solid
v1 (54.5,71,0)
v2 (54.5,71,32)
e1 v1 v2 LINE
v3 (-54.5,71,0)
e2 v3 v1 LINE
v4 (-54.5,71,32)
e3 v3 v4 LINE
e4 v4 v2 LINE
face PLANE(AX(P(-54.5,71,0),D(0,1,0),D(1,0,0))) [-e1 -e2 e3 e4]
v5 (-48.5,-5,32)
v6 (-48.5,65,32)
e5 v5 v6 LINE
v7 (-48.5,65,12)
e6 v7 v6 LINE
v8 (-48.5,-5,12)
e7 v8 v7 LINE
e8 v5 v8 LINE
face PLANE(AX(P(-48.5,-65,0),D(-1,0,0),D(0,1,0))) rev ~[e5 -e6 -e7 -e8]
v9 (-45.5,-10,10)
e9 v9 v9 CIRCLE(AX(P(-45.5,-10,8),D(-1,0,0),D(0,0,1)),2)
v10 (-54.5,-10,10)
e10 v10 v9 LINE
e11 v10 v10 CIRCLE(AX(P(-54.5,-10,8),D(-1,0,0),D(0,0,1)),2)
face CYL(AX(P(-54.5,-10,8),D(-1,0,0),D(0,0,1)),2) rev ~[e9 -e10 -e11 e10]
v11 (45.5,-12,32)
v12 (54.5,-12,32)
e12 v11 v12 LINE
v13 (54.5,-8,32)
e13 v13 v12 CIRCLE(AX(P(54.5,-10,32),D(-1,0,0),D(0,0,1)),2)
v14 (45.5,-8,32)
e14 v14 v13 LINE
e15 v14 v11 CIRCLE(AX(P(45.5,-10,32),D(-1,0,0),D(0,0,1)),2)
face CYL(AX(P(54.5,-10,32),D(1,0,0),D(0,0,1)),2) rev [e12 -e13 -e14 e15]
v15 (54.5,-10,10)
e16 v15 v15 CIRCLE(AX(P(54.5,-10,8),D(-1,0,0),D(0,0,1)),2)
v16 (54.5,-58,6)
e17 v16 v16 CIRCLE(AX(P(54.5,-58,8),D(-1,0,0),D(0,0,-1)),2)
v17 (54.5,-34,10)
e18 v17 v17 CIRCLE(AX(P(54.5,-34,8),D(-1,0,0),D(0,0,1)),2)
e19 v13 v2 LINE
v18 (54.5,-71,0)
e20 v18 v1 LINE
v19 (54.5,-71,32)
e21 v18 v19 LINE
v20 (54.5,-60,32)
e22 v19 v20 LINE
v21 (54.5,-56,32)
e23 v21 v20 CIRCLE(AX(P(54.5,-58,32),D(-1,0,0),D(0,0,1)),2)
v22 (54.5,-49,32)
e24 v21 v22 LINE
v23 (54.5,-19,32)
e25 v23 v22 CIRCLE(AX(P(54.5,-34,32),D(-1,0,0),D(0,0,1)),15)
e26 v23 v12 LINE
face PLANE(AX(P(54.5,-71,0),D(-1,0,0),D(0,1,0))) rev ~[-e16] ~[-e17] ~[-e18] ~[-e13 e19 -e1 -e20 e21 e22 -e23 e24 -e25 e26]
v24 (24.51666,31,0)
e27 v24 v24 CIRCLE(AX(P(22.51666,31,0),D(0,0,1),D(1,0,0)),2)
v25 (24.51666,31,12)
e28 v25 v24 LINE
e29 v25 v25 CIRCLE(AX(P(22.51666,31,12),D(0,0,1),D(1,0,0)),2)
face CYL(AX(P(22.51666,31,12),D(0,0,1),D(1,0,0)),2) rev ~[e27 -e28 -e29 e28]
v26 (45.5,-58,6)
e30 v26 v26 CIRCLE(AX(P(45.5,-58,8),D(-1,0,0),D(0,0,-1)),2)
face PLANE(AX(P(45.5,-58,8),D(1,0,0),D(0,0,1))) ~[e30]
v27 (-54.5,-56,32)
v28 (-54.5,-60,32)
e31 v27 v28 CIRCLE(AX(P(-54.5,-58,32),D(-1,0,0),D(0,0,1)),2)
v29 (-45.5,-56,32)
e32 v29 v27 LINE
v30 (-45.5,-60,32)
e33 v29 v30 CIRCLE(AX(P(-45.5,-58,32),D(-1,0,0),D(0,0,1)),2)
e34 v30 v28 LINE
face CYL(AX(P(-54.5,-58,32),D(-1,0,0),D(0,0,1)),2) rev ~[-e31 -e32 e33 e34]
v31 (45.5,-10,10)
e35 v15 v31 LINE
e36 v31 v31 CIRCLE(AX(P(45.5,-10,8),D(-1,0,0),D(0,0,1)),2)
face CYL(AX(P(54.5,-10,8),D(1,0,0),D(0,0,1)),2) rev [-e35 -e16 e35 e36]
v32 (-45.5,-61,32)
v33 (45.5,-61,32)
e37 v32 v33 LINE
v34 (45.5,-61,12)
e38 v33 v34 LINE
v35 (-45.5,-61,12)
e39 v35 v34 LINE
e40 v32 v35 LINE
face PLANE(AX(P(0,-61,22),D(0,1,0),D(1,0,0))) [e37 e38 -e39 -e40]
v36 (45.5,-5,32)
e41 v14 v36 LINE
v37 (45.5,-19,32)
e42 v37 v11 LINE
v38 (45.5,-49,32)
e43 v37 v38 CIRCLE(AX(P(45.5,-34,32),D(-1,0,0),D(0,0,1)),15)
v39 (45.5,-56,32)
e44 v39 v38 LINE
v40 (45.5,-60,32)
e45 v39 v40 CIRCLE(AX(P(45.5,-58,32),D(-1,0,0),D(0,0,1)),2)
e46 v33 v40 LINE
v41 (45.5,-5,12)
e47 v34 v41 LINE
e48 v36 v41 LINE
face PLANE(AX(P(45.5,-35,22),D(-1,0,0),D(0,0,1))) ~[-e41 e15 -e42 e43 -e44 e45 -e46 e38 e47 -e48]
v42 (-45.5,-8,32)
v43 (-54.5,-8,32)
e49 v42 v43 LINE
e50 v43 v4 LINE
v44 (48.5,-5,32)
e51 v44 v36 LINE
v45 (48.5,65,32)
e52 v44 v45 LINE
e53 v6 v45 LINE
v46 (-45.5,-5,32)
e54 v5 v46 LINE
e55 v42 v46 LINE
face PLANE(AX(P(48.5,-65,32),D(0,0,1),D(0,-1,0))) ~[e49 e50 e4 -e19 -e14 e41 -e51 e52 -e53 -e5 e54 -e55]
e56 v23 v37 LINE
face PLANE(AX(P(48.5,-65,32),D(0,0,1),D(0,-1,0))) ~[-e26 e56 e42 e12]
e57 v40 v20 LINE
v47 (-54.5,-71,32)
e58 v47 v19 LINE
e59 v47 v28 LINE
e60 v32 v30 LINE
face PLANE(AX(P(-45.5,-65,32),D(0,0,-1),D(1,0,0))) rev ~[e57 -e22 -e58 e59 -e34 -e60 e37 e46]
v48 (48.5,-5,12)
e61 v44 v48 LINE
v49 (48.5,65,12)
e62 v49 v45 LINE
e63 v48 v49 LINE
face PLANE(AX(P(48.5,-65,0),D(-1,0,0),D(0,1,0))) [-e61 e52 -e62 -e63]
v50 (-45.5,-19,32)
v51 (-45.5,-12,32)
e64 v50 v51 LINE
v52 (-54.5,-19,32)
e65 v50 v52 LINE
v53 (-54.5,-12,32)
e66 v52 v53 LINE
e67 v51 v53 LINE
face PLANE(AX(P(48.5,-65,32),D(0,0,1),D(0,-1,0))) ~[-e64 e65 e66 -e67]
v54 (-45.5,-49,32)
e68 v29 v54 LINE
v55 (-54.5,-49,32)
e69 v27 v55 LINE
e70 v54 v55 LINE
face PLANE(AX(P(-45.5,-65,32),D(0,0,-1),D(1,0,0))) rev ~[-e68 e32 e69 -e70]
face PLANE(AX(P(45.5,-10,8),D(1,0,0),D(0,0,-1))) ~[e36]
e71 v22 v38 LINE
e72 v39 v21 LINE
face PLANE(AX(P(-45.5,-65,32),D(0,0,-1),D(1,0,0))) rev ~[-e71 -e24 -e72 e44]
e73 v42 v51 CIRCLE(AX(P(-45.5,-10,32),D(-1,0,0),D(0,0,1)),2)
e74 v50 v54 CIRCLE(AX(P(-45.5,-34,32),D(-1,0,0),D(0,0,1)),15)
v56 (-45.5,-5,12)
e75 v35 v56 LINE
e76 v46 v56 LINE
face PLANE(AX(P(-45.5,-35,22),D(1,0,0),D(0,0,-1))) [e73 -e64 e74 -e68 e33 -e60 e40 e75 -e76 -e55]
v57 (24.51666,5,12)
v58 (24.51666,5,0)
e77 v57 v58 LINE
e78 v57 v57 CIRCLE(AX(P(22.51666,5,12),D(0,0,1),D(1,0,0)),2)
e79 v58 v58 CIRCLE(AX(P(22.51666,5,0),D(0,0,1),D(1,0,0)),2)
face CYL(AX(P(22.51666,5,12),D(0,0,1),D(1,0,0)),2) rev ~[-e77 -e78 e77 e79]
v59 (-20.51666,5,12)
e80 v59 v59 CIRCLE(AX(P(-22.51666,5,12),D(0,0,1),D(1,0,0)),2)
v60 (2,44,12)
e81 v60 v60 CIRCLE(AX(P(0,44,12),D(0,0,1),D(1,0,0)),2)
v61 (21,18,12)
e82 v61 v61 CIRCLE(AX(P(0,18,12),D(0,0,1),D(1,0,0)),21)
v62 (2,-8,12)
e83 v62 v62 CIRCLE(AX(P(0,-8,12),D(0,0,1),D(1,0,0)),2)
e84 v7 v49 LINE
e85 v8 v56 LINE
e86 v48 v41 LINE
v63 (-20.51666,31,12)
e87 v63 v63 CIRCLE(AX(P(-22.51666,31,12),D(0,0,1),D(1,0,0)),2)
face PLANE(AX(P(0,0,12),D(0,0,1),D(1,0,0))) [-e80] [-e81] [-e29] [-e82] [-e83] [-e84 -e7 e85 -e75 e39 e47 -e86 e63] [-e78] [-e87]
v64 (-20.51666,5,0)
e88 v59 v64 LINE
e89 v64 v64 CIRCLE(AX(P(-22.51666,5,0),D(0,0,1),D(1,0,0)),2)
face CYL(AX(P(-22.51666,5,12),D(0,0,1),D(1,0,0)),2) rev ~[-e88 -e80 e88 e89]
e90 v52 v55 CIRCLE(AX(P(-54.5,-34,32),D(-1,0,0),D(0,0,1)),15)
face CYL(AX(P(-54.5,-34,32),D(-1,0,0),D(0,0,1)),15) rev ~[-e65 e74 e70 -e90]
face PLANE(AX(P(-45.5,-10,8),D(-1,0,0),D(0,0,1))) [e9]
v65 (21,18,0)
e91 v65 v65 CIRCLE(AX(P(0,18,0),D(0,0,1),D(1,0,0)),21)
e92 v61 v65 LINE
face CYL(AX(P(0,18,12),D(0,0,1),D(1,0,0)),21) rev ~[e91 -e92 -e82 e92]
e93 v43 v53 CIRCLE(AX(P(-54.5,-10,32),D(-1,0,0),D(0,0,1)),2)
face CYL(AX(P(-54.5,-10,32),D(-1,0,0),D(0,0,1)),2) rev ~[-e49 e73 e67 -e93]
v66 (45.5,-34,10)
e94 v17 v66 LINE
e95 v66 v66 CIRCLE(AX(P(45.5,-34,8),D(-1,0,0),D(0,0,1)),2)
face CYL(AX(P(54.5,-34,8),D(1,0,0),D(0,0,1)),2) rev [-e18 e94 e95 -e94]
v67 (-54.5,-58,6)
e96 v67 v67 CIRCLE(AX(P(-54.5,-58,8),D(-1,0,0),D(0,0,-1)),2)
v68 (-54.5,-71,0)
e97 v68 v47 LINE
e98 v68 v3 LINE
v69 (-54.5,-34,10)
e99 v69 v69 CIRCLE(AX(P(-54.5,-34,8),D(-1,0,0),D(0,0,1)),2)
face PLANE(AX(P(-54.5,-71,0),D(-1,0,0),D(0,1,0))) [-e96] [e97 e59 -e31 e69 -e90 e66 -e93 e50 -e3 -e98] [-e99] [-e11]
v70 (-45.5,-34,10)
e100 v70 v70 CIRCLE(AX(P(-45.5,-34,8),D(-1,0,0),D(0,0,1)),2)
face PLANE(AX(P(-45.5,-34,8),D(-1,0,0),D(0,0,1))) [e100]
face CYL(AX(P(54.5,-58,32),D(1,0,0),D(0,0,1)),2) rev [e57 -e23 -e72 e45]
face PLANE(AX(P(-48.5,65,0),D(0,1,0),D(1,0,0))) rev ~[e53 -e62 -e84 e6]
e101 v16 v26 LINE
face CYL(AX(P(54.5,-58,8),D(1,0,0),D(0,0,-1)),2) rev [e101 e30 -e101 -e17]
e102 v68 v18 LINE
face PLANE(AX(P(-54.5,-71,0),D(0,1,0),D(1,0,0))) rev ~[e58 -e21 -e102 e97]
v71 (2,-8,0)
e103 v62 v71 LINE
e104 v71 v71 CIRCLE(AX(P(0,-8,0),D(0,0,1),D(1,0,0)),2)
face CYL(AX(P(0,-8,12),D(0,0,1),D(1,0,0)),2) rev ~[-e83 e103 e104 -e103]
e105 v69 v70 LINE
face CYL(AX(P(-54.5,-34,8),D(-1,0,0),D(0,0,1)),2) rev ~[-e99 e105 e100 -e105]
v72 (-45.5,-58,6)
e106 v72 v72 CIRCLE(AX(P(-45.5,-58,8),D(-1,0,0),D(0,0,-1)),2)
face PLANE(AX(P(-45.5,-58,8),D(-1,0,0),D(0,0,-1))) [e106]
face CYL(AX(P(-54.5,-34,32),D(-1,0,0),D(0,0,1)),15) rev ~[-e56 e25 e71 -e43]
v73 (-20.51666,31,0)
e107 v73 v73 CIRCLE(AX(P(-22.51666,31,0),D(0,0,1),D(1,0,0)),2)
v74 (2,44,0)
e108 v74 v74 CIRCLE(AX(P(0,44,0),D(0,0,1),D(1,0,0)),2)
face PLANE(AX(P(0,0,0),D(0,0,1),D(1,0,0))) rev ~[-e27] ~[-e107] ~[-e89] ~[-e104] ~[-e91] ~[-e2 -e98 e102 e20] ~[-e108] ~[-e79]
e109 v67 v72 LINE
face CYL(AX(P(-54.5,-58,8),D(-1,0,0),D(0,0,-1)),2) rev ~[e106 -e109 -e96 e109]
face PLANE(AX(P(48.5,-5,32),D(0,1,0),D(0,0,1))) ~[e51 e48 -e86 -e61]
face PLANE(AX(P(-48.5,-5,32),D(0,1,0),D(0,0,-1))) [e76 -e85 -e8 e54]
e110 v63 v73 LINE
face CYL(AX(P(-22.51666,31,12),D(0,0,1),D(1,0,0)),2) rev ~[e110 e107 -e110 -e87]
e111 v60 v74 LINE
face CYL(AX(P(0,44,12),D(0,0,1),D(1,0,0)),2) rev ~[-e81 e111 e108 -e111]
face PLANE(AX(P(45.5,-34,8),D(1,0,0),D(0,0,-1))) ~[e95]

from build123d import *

# Parameters (mm, degrees)
SKETCH1_W           = 97
SKETCH1_H           = 130
BOSS_EXTRUDE1_DEPTH = 12
SKETCH9_R           = 21
SKETCH9_R_2         = 2
CUT_EXTRUDE2_DEPTH  = 12
SKETCH11_W          = 109
SKETCH11_H          = 142
SKETCH11_W_2        = 97
SKETCH11_H_2        = 130
BOSS_EXTRUDE4_DEPTH = 32
SKETCH18_W          = 20
SKETCH18_H          = 60
BOSS_EXTRUDE5_DEPTH = 3
SKETCH14_R          = 15
CUT_EXTRUDE5_DEPTH  = 134.962681371
SKETCH20_W          = 91
SKETCH20_H          = 20
BOSS_EXTRUDE6_DEPTH = 4
SKETCH21_R          = 2
CUT_EXTRUDE6_DEPTH  = 9


with BuildPart() as part:
    # Sketch1 → Boss-Extrude1 (new body)
    with BuildSketch(Plane.XY):
        Rectangle(SKETCH1_W, SKETCH1_H)
    extrude(amount=BOSS_EXTRUDE1_DEPTH)

    # Sketch9 → Cut-Extrude2 (cut)
    with BuildSketch(Plane.XY.offset(12)):
        with Locations((0, 18)):
            Circle(SKETCH9_R)
        with Locations((0, 44)):
            Circle(SKETCH9_R_2)
        with Locations((22.516660498, 31)):
            Circle(SKETCH9_R_2)
        with Locations((22.516660498, 5)):
            Circle(SKETCH9_R_2)
        with Locations((0, -8)):
            Circle(SKETCH9_R_2)
        with Locations((-22.516660498, 5)):
            Circle(SKETCH9_R_2)
        with Locations((-22.516660498, 31)):
            Circle(SKETCH9_R_2)
    extrude(amount=-CUT_EXTRUDE2_DEPTH, mode=Mode.SUBTRACT)

    # Sketch11 → Boss-Extrude4 (add)
    with BuildSketch(Plane.XY):
        Rectangle(SKETCH11_W, SKETCH11_H)
        Rectangle(SKETCH11_W_2, SKETCH11_H_2, mode=Mode.SUBTRACT)
    extrude(amount=BOSS_EXTRUDE4_DEPTH)

    # Sketch18 → Boss-Extrude5 (add)
    with BuildSketch(Plane(origin=(-48.5, 0, 0), x_dir=(0, 0, -1), z_dir=(1, 0, 0))):
        with Locations((-22, -35)):
            Rectangle(SKETCH18_W, SKETCH18_H)
    boss_extrude5 = extrude(amount=BOSS_EXTRUDE5_DEPTH)

    # Mirror1: Boss-Extrude5 across plane
    add(boss_extrude5.mirror(Plane(origin=(0, 0, 0), x_dir=(0, 0, 1), z_dir=(1, 0, 0))))

    # Sketch14 → Cut-Extrude5 (cut, through all)
    with BuildSketch(Plane.ZY.offset(54.5)):
        with Locations((32, -34)):
            Circle(SKETCH14_R)
    extrude(amount=-CUT_EXTRUDE5_DEPTH, mode=Mode.SUBTRACT)

    # Sketch20 → Boss-Extrude6 (add)
    with BuildSketch(Plane(origin=(0, -65, 0), x_dir=(1, 0, 0), z_dir=(0, 1, 0))):
        with Locations((0, -22)):
            Rectangle(SKETCH20_W, SKETCH20_H)
    extrude(amount=BOSS_EXTRUDE6_DEPTH)

    # Sketch21 → Cut-Extrude6 (cut)
    with BuildSketch(Plane.ZY.offset(54.5)):
        with Locations((32, -10)):
            Circle(SKETCH21_R)
        with Locations((8, -10)):
            Circle(SKETCH21_R)
        with Locations((56, -10)):
            Circle(SKETCH21_R)
        with Locations((56, -58)):
            Circle(SKETCH21_R)
        with Locations((32, -58)):
            Circle(SKETCH21_R)
        with Locations(Location((8, -58, 0), (0, 0, 180))):
            Circle(SKETCH21_R)
        with Locations((8, -34)):
            Circle(SKETCH21_R)
    cut_extrude6 = extrude(amount=-CUT_EXTRUDE6_DEPTH, mode=Mode.SUBTRACT)

    # Mirror2: Cut-Extrude6 across plane
    add(cut_extrude6.mirror(Plane(origin=(0, 0, 0), x_dir=(0, 0, 1), z_dir=(1, 0, 0))), mode=Mode.SUBTRACT)


solid = part.part
